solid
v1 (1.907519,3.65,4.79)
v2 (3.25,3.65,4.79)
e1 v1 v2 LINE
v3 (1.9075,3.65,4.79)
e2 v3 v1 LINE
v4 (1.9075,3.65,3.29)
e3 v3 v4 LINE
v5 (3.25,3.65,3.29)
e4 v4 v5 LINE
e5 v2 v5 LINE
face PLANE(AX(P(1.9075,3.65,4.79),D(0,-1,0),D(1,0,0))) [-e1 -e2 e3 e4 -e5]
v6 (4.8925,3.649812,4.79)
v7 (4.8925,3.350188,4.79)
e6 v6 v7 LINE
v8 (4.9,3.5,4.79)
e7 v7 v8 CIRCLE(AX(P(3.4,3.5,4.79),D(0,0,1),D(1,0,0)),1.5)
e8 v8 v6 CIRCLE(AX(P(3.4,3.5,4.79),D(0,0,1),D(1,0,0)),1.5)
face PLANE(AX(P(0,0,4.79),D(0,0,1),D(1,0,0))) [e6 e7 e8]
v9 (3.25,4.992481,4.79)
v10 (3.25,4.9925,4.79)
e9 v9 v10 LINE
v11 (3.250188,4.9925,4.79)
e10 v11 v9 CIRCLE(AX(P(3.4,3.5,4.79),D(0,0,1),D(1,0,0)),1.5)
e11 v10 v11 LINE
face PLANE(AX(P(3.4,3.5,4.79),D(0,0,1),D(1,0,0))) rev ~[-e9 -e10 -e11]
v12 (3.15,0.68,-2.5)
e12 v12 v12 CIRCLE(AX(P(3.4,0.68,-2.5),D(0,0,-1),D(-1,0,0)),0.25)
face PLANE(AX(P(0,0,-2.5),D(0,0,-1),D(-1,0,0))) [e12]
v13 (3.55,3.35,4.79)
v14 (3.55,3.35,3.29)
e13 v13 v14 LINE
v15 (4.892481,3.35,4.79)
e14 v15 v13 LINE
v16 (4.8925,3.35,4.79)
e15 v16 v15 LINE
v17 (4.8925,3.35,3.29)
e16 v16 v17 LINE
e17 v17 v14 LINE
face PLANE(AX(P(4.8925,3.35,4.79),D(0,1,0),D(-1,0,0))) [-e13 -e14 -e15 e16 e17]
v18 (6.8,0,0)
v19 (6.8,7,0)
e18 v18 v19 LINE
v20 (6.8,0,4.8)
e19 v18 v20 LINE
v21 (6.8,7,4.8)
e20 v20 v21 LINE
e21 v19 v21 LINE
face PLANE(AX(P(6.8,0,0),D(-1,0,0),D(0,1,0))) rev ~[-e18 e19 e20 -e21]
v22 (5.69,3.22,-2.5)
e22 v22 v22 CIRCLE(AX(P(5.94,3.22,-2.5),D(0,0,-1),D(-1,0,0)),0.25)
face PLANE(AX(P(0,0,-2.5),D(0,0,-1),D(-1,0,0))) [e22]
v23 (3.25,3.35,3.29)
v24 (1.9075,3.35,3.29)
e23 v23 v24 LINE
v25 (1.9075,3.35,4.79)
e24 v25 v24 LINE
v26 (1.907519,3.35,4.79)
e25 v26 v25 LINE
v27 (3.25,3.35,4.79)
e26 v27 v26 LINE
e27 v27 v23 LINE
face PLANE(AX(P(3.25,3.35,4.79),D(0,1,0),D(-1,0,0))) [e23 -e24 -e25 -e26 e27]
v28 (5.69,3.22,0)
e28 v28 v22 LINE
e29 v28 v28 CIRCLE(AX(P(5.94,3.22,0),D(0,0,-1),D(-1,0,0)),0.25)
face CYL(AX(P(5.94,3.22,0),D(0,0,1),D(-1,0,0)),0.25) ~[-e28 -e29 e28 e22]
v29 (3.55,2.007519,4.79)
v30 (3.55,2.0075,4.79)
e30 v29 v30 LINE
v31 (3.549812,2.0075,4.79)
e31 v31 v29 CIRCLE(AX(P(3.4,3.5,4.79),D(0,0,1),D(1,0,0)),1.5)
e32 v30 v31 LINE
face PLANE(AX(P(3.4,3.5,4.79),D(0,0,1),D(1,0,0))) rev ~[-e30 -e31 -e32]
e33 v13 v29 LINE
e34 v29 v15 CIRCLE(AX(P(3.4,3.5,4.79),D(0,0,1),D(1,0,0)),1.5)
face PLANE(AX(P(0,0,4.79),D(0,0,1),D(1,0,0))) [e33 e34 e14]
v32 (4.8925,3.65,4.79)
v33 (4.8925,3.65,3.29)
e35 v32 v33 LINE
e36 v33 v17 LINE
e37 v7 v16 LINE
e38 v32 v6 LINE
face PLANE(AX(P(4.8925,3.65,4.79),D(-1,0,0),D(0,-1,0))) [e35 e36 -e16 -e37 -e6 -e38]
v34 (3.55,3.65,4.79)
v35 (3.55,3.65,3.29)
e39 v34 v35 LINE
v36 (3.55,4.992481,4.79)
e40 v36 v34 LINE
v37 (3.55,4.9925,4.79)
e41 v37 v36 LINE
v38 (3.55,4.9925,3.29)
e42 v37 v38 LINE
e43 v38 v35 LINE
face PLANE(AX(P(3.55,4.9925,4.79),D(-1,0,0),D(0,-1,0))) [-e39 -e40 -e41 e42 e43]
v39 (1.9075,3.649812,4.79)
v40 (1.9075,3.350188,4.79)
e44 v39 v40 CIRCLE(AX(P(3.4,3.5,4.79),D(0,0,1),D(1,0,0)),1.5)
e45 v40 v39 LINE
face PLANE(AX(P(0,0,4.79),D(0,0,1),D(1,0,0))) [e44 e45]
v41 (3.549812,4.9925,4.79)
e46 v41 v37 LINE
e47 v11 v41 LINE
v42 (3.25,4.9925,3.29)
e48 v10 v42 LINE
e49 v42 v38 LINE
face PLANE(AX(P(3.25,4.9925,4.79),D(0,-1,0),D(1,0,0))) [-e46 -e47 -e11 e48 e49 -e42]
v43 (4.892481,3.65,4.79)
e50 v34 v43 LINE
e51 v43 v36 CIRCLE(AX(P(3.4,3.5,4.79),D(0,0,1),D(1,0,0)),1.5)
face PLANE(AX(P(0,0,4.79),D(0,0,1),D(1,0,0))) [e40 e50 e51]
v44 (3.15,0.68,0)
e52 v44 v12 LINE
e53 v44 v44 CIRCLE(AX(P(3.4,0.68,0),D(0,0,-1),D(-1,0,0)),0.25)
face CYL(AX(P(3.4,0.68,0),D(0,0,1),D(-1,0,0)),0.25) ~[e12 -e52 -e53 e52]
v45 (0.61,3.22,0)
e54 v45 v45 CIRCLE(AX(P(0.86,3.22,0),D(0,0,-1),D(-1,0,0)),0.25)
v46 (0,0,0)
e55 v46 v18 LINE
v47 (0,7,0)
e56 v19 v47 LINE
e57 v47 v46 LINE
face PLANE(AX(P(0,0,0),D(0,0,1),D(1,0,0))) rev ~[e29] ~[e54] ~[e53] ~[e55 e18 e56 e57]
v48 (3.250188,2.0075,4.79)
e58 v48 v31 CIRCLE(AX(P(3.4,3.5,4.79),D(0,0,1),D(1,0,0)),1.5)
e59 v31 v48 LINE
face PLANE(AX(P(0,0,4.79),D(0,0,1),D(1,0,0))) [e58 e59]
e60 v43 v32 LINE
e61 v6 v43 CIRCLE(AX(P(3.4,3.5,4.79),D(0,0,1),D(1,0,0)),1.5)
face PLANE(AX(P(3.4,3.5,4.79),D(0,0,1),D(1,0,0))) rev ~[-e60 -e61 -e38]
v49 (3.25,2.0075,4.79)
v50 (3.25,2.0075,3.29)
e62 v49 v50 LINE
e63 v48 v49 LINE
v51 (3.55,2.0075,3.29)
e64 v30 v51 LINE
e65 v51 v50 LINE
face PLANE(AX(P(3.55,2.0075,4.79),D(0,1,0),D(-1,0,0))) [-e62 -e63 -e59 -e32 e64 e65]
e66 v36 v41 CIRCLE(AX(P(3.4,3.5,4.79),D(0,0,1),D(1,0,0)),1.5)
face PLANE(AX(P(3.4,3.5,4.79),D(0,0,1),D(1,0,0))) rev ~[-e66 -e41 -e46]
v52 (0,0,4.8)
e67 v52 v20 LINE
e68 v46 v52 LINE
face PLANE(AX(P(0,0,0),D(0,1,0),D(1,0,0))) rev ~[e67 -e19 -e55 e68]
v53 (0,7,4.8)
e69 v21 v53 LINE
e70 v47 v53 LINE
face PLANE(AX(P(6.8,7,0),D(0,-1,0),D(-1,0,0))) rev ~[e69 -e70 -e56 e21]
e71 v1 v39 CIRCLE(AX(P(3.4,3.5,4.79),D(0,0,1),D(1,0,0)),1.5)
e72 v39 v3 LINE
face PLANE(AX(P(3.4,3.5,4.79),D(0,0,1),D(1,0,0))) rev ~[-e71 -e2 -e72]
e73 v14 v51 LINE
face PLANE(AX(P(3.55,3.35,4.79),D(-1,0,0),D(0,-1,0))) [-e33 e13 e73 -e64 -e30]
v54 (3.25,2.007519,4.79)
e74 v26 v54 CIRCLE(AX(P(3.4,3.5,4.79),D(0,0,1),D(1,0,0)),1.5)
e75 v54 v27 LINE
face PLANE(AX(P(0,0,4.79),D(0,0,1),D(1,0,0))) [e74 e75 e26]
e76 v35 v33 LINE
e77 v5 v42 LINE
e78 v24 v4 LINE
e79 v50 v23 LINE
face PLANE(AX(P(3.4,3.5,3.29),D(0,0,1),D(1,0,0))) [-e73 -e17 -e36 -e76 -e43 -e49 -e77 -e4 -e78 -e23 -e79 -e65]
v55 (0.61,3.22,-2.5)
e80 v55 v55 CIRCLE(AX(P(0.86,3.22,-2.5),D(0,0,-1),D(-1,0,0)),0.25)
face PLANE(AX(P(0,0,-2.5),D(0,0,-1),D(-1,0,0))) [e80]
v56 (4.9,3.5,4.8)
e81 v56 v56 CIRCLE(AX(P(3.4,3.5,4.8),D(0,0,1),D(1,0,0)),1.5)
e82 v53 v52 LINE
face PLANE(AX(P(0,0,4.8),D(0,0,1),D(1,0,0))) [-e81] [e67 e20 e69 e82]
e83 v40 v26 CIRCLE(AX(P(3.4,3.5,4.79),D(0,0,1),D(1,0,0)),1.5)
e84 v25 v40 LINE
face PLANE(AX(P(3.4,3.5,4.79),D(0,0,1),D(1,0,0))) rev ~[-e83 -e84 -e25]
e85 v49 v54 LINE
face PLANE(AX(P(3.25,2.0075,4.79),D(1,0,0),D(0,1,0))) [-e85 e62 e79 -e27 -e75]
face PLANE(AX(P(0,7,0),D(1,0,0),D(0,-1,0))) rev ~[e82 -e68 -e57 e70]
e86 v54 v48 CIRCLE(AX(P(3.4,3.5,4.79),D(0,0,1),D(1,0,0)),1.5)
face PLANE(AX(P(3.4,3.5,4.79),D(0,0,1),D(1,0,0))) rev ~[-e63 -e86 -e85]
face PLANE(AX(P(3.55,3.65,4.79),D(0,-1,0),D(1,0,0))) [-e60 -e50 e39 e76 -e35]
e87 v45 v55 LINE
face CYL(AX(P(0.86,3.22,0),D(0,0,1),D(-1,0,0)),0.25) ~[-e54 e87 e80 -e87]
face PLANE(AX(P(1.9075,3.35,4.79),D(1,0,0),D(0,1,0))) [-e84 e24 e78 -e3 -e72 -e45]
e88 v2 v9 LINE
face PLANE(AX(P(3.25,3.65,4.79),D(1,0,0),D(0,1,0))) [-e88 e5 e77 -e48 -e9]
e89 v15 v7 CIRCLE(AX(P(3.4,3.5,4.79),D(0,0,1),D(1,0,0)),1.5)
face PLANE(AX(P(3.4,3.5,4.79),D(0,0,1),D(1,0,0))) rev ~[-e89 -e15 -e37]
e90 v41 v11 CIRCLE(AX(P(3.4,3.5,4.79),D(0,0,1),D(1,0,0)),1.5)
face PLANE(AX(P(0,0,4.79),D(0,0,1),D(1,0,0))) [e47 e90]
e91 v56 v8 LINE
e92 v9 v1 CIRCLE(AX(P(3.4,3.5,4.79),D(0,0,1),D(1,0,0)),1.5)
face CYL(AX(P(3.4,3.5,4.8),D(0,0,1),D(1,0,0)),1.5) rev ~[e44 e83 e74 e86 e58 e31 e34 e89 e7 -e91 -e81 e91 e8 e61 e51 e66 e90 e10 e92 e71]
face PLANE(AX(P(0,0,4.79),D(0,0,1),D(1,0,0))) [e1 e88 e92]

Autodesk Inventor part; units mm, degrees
ref_plane "YZ Plane" through (0, 0, 0) normal (1, 0, 0) x (0, 1, 0)
ref_plane "XZ Plane" through (0, 0, 0) normal (0, 1, 0) x (-1, 0, 0)
ref_plane "XY Plane" through (0, 0, 0) normal (0, 0, 1) x (1, 0, 0)
sketch "Skizze1" plane through (0, 0, 0) normal (0, 0, 1) x (1, 0, 0)
  line L0 (0, 0) -> (6.8, 0)
  line L1 (6.8, 0) -> (6.8, 7)
  line L2 (6.8, 7) -> (0, 7)
  line L3 (0, 7) -> (0, 0)
  dimension "d0" = 6.8
  dimension "d1" = 7
extrude "Extrusion1" add sketch "Skizze1" along normal blind 4.8
sketch "Skizze2" plane through (0, 0, 4.8) normal (0, 0, 1) x (1, 0, 0)
  line L0 (0, 0) -> (6.8, 0) construction
  line L1 (6.8, 0) -> (6.8, 7) construction
  line L2 (6.8, 7) -> (0, 7) construction
  line L3 (0, 7) -> (0, 0) construction
  circle A0 centre (3.4, 3.5) radius 1.5
  point P0 (0, 3.5)
  point P1 (3.4, 7)
  dimension "d4" = 3
extrude "Extrusion2" cut sketch "Skizze2" against normal blind 0.01
sketch "Skizze3" plane through (3.4, 3.5, 4.79) normal (0, 0, 1) x (1, 0, 0)
  line L0 (-0.15, 1.4925) -> (0.15, 1.4925)
  line L1 (0.15, -1.4925) -> (-0.15, -1.4925)
  line L2 (1.4925, 0.15) -> (1.4925, -0.15)
  line L3 (-1.4925, -0.15) -> (-1.4925, 0.15)
  line L4 (-1.4925, 0.15) -> (-0.15, 0.15)
  line L5 (0.15, 0.15) -> (1.4925, 0.15)
  line L6 (0.15, 1.4925) -> (0.15, 0.15)
  line L7 (0.15, -0.15) -> (0.15, -1.4925)
  line L8 (-0.15, -1.4925) -> (-0.15, -0.15)
  line L9 (-0.15, 0.15) -> (-0.15, 1.4925)
  line L10 (1.4925, -0.15) -> (0.15, -0.15)
  line L11 (-0.15, -0.15) -> (-1.4925, -0.15)
  line L12 (0, 1.4925) -> (0, -1.4925) construction
  line L13 (-1.4925, 0) -> (1.4925, 0) construction
  circle A0 centre (0, 0) radius 1.5 construction
  point P0 (-3.4, -3.5)
  dimension "d7" = 0.3
extrude "Extrusion3" cut sketch "Skizze3" against normal blind 1.5
sketch "Skizze4" plane through (0, 0, 0) normal (0, 0, -1) x (-1, 0, 0)
  circle A0 centre (-0.86, 3.22) radius 0.25
  circle A1 centre (-5.94, 3.22) radius 0.25
  circle A2 centre (-3.4, 0.68) radius 0.25
  line L0 (0, 0) -> (-6.8, 0) construction
  line L1 (-3.4, 0) -> (-3.4, 7) construction
  line L2 (-6.8, 7) -> (0, 7) construction
  dimension "d10" = 0.5
  dimension "d11" = 5.08
  dimension "d12" = 2.54
  dimension "d13" = 0.68
extrude "Extrusion4" add sketch "Skizze4" along normal blind 2.5
properties part number "Poti" material "PBT-Kunststoff"
